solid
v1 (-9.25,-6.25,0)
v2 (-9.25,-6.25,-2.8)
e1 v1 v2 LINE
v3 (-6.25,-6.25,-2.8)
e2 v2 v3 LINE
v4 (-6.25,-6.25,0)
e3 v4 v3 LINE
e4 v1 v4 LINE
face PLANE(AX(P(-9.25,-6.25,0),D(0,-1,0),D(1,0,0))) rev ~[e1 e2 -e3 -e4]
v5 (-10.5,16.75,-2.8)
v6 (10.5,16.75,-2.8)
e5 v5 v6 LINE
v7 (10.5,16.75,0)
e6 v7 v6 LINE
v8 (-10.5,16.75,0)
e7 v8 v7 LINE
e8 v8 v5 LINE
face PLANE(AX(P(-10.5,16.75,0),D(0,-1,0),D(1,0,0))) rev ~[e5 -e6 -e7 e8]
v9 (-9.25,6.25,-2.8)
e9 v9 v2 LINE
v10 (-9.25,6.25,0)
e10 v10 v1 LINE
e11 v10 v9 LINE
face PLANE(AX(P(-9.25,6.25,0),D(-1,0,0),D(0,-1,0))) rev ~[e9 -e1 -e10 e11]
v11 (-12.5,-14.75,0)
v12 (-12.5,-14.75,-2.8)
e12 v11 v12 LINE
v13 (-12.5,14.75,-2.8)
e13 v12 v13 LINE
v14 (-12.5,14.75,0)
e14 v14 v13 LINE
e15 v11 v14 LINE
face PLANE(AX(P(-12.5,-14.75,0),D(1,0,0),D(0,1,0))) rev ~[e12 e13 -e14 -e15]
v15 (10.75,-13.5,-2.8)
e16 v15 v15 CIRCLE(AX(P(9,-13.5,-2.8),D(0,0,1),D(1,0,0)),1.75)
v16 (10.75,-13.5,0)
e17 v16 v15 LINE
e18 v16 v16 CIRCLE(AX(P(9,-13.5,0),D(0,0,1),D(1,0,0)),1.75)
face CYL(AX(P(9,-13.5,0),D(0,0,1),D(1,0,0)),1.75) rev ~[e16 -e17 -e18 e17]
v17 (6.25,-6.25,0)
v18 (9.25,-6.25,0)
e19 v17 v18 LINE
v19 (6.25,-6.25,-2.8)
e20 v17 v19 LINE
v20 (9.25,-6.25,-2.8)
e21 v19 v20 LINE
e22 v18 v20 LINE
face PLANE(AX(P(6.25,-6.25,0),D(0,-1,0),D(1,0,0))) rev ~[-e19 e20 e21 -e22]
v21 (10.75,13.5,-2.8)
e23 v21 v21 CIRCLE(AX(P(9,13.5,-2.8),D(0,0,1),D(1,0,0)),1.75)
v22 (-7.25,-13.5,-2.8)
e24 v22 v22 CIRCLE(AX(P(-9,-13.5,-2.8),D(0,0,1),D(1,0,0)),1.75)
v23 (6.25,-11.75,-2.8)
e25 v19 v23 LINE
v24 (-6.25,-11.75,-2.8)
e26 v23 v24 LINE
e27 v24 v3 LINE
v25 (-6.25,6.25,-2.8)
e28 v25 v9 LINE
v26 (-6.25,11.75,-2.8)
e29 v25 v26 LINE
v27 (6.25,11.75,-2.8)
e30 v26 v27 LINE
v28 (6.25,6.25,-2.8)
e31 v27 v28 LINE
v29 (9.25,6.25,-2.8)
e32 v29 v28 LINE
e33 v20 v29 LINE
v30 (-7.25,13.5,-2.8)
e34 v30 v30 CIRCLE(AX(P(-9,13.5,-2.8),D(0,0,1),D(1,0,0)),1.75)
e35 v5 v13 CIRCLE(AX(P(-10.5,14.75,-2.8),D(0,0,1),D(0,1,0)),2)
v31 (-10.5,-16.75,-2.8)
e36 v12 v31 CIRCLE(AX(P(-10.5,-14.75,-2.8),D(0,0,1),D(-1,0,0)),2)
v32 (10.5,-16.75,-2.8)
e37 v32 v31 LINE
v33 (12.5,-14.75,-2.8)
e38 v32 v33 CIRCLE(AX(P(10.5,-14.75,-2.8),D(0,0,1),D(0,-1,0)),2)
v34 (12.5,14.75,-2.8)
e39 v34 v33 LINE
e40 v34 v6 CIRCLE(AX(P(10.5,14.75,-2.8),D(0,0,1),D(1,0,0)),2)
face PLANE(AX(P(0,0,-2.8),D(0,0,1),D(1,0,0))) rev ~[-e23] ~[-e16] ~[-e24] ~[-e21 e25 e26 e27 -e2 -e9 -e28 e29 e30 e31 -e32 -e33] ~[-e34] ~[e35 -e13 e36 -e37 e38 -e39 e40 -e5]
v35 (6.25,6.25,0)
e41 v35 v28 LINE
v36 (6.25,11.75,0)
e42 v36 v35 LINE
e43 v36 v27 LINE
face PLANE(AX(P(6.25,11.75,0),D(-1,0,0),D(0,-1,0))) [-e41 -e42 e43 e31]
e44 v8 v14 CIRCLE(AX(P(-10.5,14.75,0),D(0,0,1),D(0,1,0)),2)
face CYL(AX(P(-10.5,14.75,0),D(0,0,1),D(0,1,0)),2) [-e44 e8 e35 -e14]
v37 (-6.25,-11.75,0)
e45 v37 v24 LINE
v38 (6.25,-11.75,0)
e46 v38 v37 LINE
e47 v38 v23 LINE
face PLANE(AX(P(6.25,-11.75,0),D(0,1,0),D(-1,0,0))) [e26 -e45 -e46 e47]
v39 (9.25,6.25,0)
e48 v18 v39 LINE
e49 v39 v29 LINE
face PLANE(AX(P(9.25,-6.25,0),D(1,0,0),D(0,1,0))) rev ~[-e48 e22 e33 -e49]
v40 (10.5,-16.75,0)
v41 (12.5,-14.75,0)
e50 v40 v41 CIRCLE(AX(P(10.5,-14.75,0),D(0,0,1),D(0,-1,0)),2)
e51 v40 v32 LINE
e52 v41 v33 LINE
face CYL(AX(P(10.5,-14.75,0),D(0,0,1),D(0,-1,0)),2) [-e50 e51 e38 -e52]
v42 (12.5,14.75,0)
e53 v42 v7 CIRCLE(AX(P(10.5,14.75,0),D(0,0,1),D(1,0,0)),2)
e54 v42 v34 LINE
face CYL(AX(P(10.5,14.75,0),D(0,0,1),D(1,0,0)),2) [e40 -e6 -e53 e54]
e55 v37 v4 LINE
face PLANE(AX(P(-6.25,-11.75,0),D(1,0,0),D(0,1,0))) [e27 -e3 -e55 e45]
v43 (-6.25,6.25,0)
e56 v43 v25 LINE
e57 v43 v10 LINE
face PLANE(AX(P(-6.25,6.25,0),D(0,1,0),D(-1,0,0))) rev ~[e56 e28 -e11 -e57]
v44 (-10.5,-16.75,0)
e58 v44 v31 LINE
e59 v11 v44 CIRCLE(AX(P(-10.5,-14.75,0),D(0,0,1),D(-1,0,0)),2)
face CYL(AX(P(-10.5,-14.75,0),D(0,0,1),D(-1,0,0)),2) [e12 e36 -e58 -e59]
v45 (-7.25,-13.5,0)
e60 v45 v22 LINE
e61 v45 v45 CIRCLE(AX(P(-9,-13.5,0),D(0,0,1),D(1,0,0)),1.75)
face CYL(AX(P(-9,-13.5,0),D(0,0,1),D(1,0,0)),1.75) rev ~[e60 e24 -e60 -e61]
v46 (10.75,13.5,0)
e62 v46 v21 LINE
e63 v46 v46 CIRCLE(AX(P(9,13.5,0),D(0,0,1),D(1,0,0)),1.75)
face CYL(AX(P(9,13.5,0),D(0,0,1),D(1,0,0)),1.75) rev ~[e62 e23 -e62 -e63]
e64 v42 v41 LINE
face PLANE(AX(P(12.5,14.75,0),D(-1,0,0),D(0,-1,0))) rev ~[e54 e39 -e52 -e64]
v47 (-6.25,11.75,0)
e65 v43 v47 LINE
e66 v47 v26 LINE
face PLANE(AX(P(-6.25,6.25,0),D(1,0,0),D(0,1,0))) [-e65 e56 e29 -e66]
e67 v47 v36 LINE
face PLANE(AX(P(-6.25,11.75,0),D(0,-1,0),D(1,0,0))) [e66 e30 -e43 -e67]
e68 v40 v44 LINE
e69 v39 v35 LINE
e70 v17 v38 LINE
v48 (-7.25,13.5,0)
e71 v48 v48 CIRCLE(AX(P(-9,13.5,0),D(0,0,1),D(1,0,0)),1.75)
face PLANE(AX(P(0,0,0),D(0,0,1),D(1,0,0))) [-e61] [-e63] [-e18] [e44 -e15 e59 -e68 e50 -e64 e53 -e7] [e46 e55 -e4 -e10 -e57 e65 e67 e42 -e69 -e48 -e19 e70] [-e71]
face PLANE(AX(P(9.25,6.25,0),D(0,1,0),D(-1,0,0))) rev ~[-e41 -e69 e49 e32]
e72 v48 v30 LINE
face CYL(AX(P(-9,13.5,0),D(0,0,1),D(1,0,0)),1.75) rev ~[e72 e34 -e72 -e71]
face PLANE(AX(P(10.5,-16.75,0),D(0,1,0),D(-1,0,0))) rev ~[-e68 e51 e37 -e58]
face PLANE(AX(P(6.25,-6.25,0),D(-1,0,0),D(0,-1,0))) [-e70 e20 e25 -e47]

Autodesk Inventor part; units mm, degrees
ref_plane "YZ Plane" through (0, 0, 0) normal (1, 0, 0) x (0, 1, 0)
ref_plane "XZ Plane" through (0, 0, 0) normal (0, 1, 0) x (-1, 0, 0)
ref_plane "XY Plane" through (0, 0, 0) normal (0, 0, 1) x (1, 0, 0)
sketch "Sketch1" plane through (0, 0, 0) normal (0, 0, 1) x (1, 0, 0)
  line L0 (6.25, -11.75) -> (-6.25, -11.75)
  line L1 (-6.25, -11.75) -> (-6.25, 11.75)
  line L2 (-6.25, 11.75) -> (6.25, 11.75)
  line L3 (6.25, 11.75) -> (6.25, -11.75)
  line L4 (6.25, -11.75) -> (-6.25, 11.75) construction
  line L5 (-6.25, -11.75) -> (6.25, 11.75) construction
  line L6 (9.25, 6.25) -> (-9.25, 6.25)
  line L7 (-9.25, 6.25) -> (-9.25, -6.25)
  line L8 (-9.25, -6.25) -> (9.25, -6.25)
  line L9 (9.25, -6.25) -> (9.25, 6.25)
  line L10 (9.25, 6.25) -> (-9.25, -6.25) construction
  line L11 (-9.25, 6.25) -> (9.25, -6.25) construction
  line L12 (-10.5, 16.75) -> (10.5, 16.75)
  line L13 (12.5, 14.75) -> (12.5, -14.75)
  line L14 (10.5, -16.75) -> (-10.5, -16.75)
  line L15 (-12.5, -14.75) -> (-12.5, 14.75)
  line L16 (-9, -13.5) -> (9, -13.5) construction
  circle A0 centre (-9, -13.5) radius 1.75
  circle A1 centre (9, -13.5) radius 1.75
  circle A2 centre (-9, 13.5) radius 1.75
  circle A3 centre (9, 13.5) radius 1.75
  arc A4 (-10.5, 16.75) -> (-12.5, 14.75) centre (-10.5, 14.75) ccw
  arc A5 (12.5, 14.75) -> (10.5, 16.75) centre (10.5, 14.75) ccw
  arc A6 (10.5, -16.75) -> (12.5, -14.75) centre (10.5, -14.75) ccw
  arc A7 (-12.5, -14.75) -> (-10.5, -16.75) centre (-10.5, -14.75) ccw
  point P0 (0, 0)
  point P1 (-12.5, 16.75)
  point P2 (12.5, 16.75)
  point P3 (-12.5, -16.75)
  point P4 (0, 16.75)
  point P5 (0, 0)
  point P6 (0, -23.5)
  point P7 (0, 0)
  dimension "d0" = 33.5
  dimension "d1" = 25
  dimension "d2" = 23.5
  dimension "d3" = 12.5
  dimension "d4" = 18.5
  dimension "d5" = 12.5
  dimension "d6" = 16.75
  dimension "d12" = 2
  dimension "d16" = 9
  dimension "d17" = 18
  dimension "d18" = 13.5
  dimension "d19" = 27
  dimension "d20" = 3.5
extrude "Extrusion1" add sketch "Sketch1" against normal blind 2.8
equation "\"d0\" = 2 * d6"
